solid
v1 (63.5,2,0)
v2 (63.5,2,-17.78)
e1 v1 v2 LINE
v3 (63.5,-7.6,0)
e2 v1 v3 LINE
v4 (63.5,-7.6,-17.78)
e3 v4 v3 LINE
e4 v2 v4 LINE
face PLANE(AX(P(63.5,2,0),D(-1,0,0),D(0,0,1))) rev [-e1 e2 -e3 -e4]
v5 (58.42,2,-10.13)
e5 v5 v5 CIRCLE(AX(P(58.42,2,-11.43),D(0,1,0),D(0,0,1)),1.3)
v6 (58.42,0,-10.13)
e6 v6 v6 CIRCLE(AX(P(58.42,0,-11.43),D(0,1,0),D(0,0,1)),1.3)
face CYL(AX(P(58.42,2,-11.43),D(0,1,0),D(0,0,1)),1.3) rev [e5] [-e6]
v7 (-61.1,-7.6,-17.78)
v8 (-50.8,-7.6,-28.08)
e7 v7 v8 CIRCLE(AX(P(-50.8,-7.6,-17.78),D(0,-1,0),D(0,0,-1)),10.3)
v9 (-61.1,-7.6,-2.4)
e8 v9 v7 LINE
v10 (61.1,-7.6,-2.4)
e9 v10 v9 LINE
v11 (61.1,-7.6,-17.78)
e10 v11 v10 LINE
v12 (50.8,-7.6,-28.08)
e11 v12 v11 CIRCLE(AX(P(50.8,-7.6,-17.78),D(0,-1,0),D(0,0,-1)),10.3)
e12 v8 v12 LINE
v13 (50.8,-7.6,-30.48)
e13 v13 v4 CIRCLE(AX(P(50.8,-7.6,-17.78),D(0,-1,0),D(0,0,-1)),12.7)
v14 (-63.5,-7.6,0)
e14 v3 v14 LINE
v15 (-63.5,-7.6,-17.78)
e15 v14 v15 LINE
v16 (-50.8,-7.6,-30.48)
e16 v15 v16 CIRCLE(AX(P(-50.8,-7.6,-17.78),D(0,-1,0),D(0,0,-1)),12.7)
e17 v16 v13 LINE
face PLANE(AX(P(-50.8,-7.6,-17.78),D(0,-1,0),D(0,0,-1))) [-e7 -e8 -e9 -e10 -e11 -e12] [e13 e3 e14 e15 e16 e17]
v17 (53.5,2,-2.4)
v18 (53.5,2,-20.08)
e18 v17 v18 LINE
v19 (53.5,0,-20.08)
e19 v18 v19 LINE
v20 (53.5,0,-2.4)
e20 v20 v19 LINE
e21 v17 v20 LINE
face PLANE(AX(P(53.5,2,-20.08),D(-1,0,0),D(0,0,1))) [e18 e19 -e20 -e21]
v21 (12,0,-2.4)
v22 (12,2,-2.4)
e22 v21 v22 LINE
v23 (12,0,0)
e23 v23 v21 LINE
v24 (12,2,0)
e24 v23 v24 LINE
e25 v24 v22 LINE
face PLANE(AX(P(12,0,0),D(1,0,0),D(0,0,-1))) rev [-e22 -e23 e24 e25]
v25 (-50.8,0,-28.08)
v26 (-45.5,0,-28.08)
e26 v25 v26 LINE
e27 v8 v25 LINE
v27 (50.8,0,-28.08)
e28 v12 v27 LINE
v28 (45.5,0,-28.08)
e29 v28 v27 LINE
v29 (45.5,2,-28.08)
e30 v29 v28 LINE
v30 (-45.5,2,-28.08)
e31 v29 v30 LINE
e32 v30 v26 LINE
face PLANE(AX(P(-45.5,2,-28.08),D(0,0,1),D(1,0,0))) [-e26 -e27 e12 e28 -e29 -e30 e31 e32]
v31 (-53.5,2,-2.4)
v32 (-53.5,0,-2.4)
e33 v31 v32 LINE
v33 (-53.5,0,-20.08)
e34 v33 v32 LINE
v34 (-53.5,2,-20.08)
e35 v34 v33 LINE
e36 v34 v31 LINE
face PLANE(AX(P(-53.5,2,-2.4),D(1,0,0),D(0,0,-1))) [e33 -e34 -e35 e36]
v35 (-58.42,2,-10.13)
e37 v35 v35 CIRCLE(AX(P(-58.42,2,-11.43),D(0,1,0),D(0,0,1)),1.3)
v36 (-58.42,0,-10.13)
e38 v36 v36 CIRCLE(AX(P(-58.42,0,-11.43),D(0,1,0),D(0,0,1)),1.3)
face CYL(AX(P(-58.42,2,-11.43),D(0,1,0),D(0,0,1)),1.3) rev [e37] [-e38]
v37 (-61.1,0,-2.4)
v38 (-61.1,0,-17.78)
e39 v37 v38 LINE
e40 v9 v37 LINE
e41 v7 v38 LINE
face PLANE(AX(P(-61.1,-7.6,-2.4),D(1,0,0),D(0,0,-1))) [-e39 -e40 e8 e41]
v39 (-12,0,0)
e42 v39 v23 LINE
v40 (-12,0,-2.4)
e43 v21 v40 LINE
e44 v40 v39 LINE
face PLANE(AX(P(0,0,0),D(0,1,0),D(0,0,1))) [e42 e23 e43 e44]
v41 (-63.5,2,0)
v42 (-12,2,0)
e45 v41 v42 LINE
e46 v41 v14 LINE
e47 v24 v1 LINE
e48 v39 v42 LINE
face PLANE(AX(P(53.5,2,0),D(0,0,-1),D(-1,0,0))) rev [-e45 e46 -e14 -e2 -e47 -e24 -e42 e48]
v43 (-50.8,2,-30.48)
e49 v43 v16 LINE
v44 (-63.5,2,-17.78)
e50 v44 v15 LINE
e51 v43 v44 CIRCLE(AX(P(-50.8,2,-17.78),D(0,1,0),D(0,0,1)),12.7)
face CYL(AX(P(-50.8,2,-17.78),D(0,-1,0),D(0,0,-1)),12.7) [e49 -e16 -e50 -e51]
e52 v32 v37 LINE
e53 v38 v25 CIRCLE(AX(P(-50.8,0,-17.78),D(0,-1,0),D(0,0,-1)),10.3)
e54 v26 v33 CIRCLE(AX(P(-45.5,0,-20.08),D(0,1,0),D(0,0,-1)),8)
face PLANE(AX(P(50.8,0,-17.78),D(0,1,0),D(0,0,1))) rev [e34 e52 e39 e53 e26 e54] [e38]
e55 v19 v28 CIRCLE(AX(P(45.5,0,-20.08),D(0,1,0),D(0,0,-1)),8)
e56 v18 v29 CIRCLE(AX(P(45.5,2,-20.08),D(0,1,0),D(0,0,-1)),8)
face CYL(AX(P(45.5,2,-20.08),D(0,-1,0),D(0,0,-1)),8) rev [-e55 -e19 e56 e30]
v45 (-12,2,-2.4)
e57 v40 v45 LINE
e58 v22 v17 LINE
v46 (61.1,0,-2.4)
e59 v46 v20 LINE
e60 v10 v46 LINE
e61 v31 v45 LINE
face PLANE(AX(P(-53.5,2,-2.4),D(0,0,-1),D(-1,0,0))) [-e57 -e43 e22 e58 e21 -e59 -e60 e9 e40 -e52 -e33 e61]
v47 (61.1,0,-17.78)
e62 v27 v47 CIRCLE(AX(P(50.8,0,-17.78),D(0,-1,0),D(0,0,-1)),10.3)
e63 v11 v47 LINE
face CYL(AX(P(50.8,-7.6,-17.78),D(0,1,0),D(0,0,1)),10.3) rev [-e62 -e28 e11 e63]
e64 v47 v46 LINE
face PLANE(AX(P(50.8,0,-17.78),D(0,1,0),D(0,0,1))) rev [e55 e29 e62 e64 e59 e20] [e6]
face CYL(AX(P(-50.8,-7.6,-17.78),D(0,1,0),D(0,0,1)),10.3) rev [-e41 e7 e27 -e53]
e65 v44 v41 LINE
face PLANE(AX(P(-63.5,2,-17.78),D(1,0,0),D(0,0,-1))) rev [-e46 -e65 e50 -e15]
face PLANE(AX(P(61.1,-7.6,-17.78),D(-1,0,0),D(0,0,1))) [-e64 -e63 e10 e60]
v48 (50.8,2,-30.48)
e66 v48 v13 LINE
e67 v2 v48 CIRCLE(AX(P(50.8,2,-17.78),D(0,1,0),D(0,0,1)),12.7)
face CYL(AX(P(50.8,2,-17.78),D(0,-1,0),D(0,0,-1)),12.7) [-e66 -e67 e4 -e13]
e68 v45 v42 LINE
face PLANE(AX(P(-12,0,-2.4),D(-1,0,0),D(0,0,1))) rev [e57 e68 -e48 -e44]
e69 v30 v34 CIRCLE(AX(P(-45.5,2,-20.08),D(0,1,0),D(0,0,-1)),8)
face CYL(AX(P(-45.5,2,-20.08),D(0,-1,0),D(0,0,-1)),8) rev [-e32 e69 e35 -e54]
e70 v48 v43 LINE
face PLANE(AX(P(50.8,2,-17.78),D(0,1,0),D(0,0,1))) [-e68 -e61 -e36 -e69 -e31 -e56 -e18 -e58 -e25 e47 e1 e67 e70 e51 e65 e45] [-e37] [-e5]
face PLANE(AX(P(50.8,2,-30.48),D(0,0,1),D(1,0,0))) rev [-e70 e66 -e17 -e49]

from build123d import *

# Parameters (mm, degrees)
BOSS_EXTRUDE1_DEPTH  = 2
M2_CLEARANCE_HOLE1_D = 2.6
BOSS_EXTRUDE2_START  = 7.6
BOSS_EXTRUDE2_DEPTH  = 7.6
SKETCH9_W            = 24
SKETCH9_H            = 2.4
CUT_EXTRUDE1_DEPTH   = 2


with BuildPart() as part:
    # Sketch1 → Boss-Extrude1 (new body)
    with BuildSketch(Plane(origin=(0, 0, 0), x_dir=(1, 0, 0), z_dir=(0, 1, 0))):
        with BuildLine():
            Line((-63.5, 0), (-53.5, 0))
            Line((-53.5, 0), (53.5, 0))
            Line((53.5, 0), (63.5, 0))
            Line((63.5, 0), (63.5, 17.78))
            ThreePointArc((63.5, 17.78), (59.780256121, 26.760256121), (50.8, 30.48))
            Line((50.8, 30.48), (-50.8, 30.48))
            ThreePointArc((-50.8, 30.48), (-59.780256121, 26.760256121), (-63.5, 17.78))
            Line((-63.5, 17.78), (-63.5, 0))
        make_face()
        with BuildLine():
            Line((-53.5, 2.4), (-53.5, 20.08))
            ThreePointArc((-53.5, 20.08), (-51.156854249, 25.736854249), (-45.5, 28.08))
            Line((-45.5, 28.08), (45.5, 28.08))
            ThreePointArc((45.5, 28.08), (51.156854249, 25.736854249), (53.5, 20.08))
            Line((53.5, 20.08), (53.5, 2.4))
            Line((53.5, 2.4), (-53.5, 2.4))
        make_face(mode=Mode.SUBTRACT)
    extrude(amount=BOSS_EXTRUDE1_DEPTH)

    # M2 Clearance Hole1 (through all)
    with Locations(Plane(origin=(0, 2, 0), x_dir=(1, 0, 0), z_dir=(0, 1, 0))):
        with Locations((-58.42, 11.43), (58.42, 11.43)):
            Hole(M2_CLEARANCE_HOLE1_D / 2)

    # Sketch8 → Boss-Extrude2 (add)
    with BuildSketch(Plane(origin=(0, 0, 0), x_dir=(-1, 0, 0), z_dir=(0, -1, 0)).offset(BOSS_EXTRUDE2_START)):
        with BuildLine():
            Line((63.5, 0), (63.5, 17.78))
            ThreePointArc((63.5, 17.78), (59.780256121, 26.760256121), (50.8, 30.48))
            Line((50.8, 30.48), (-50.8, 30.48))
            ThreePointArc((-50.8, 30.48), (-59.780256121, 26.760256121), (-63.5, 17.78))
            Line((-63.5, 17.78), (-63.5, 0))
            Line((-63.5, 0), (63.5, 0))
        make_face()
        with BuildLine():
            Line((-61.1, 2.4), (61.1, 2.4))
            Line((61.1, 2.4), (61.1, 17.78))
            ThreePointArc((61.1, 17.78), (58.083199846, 25.063199846), (50.8, 28.08))
            Line((50.8, 28.08), (-50.8, 28.08))
            ThreePointArc((-50.8, 28.08), (-58.083199846, 25.063199846), (-61.1, 17.78))
            Line((-61.1, 17.78), (-61.1, 2.4))
        make_face(mode=Mode.SUBTRACT)
    extrude(amount=-BOSS_EXTRUDE2_DEPTH)

    # Sketch9 → Cut-Extrude1 (cut)
    with BuildSketch(Plane(origin=(0, 2, 0), x_dir=(1, 0, 0), z_dir=(0, 1, 0))):
        with Locations((0, 1.2)):
            Rectangle(SKETCH9_W, SKETCH9_H)
    extrude(amount=-CUT_EXTRUDE1_DEPTH, mode=Mode.SUBTRACT)


solid = part.part
